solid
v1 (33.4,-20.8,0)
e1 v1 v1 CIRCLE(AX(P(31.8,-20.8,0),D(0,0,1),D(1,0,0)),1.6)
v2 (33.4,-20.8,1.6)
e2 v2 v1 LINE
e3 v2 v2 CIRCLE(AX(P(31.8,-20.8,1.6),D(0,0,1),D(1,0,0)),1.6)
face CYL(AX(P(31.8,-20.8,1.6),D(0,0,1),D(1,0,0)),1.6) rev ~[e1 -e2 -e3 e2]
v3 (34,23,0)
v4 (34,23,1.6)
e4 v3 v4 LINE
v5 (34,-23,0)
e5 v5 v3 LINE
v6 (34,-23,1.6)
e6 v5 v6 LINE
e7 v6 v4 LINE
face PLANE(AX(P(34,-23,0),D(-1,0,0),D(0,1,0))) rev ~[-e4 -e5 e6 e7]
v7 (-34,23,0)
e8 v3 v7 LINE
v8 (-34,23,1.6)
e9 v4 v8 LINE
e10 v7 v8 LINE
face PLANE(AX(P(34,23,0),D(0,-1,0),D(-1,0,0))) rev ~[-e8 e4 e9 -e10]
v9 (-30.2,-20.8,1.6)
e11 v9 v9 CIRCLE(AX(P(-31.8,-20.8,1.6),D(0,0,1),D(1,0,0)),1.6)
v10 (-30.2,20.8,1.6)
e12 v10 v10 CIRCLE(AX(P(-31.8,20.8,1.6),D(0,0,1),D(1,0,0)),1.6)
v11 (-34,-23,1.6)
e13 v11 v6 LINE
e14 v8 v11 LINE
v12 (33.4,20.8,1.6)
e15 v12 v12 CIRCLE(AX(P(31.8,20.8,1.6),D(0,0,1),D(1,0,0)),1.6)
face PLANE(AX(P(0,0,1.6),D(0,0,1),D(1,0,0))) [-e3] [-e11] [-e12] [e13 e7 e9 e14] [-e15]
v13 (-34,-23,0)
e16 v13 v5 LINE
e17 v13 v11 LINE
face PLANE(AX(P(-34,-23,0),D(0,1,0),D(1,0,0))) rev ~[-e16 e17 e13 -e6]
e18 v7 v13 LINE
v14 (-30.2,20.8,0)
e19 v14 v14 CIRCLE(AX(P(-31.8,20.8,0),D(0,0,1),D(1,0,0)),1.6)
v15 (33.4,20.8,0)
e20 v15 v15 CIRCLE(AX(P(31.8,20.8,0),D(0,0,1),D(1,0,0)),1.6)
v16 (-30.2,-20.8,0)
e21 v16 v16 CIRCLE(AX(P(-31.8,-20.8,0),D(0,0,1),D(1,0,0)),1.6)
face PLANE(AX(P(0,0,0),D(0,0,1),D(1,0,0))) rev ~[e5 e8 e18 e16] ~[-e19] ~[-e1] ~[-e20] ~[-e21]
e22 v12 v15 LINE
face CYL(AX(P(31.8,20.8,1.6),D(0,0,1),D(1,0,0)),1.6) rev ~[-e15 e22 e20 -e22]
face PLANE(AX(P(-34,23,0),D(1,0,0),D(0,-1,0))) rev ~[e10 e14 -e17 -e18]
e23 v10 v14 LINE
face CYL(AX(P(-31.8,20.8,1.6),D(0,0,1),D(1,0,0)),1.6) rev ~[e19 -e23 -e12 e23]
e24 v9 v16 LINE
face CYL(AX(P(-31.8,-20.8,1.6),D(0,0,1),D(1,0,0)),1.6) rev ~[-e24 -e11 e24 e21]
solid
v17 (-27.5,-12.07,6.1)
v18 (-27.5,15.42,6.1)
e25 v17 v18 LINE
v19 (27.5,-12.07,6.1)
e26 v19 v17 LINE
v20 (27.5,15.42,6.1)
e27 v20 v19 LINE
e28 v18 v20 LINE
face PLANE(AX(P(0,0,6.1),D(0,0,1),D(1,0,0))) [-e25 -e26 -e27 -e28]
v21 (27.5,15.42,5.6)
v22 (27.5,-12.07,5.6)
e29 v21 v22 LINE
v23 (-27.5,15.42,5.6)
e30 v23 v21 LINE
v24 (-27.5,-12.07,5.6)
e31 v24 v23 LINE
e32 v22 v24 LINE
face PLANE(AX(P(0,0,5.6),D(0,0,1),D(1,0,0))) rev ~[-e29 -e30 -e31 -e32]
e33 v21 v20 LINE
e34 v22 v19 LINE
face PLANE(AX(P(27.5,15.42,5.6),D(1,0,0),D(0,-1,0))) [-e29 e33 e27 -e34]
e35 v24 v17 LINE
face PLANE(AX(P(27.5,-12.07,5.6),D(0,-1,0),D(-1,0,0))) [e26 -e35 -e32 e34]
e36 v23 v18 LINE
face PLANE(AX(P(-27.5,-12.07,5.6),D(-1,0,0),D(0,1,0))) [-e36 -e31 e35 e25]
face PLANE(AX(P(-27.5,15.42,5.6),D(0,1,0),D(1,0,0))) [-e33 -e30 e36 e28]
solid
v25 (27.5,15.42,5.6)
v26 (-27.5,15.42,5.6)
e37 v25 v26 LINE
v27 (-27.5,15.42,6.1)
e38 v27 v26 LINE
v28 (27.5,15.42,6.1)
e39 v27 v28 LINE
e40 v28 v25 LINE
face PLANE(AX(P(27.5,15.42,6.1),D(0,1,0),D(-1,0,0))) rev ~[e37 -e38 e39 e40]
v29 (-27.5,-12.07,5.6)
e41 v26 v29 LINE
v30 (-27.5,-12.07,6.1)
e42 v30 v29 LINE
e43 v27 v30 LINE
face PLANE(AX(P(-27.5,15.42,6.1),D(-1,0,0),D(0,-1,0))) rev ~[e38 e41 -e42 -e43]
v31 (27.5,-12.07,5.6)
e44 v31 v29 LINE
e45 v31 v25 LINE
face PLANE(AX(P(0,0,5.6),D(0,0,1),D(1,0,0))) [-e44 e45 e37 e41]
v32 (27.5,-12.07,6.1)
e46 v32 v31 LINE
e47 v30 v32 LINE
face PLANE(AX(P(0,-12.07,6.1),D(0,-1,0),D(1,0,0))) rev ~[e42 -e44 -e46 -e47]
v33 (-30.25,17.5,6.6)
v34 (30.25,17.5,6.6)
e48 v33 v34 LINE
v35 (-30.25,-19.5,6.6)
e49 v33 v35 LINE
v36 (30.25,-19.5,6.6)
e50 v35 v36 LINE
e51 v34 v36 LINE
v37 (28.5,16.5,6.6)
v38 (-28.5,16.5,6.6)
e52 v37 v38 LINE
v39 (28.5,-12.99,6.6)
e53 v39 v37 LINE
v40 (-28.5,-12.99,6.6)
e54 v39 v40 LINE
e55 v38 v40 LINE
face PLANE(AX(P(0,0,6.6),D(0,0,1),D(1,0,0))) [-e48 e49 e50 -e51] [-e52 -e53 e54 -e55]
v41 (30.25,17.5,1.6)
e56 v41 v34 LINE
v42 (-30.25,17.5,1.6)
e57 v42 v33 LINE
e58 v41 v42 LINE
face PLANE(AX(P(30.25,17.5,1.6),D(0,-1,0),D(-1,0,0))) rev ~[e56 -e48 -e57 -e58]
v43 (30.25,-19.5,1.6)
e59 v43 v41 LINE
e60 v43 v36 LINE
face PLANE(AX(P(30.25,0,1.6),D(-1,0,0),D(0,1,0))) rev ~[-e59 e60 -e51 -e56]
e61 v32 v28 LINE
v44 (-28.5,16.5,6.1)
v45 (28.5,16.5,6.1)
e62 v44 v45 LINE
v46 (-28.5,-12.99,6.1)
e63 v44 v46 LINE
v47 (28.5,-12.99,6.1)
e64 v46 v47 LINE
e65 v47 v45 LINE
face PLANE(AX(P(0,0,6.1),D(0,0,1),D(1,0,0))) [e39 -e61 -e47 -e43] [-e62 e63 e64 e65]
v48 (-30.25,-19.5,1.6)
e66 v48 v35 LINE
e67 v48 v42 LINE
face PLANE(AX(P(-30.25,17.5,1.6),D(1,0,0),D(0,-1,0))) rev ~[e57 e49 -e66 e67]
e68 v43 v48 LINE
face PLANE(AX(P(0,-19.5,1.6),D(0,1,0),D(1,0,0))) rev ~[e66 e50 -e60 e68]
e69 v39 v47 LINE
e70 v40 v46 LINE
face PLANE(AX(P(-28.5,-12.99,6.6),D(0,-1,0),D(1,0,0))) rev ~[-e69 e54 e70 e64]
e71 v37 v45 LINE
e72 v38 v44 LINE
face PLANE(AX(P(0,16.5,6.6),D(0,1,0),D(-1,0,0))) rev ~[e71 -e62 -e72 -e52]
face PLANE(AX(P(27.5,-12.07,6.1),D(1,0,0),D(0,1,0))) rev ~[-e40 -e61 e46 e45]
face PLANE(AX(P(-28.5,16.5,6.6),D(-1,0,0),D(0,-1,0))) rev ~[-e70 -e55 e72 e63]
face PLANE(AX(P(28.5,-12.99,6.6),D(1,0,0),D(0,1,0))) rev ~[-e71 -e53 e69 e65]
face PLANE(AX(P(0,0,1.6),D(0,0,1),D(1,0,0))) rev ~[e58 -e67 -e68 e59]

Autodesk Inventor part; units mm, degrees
ref_plane "YZ Plane" through (0, 0, 0) normal (1, 0, 0) x (0, 1, 0)
ref_plane "XZ Plane" through (0, 0, 0) normal (0, 1, 0) x (-1, 0, 0)
ref_plane "XY Plane" through (0, 0, 0) normal (0, 0, 1) x (1, 0, 0)
sketch "Sketch1" plane through (0, 0, 0) normal (0, 0, 1) x (1, 0, 0)
  line L0 (-34, -23) -> (34, -23)
  line L1 (34, -23) -> (34, 23)
  line L2 (34, 23) -> (-34, 23)
  line L3 (-34, 23) -> (-34, -23)
  line L4 (-34, -23) -> (34, 23) construction
  line L5 (34, -23) -> (-34, 23) construction
  point P0 (0, 0)
  dimension "d0" = 68
  dimension "d1" = 46
extrude "Extrusion1" add sketch "Sketch1" along normal blind 1.6
sketch "Sketch2" plane through (0, 0, 1.6) normal (0, 0, 1) x (1, 0, 0)
  line L0 (-47.6, 0) -> (47.6, 0) construction
  line L1 (0, -32.2) -> (0, 32.2) construction
  circle A0 centre (-31.8, 20.8) radius 1.6
  line L2 (34, 23) -> (-34, 23) construction
  line L3 (-34, 23) -> (-34, -23) construction
  circle A1 centre (31.8, 20.8) radius 1.6
  circle A2 centre (-31.8, -20.8) radius 1.6
  line L4 (34, -23) -> (-34, -23) construction
  circle A3 centre (31.8, -20.8) radius 1.6
  point P0 (0, 0)
  dimension "d4" = 3.2
  dimension "d5" = 0.6
  dimension "d6" = 0.6
extrude "Extrusion2" cut sketch "Sketch2" against normal through all
sketch "Sketch3" plane through (0, 0, 1.6) normal (0, 0, 1) x (1, 0, 0)
  line L0 (0, 32.2) -> (0, -32.2) projected
  line L1 (-30.25, -19.5) -> (30.25, -19.5)
  line L2 (30.25, -19.5) -> (30.25, 17.5)
  line L3 (30.25, 17.5) -> (-30.25, 17.5)
  line L4 (-30.25, 17.5) -> (-30.25, -19.5)
  line L5 (-30.25, -19.5) -> (30.25, 17.5) construction
  line L6 (30.25, -19.5) -> (-30.25, 17.5) construction
  line L7 (-47.6, 0) -> (47.6, 0) projected
  point P0 (0, -1)
  dimension "d9" = 37
  dimension "d10" = 60.5
  dimension "d25" = 1
extrude "Extrusion3" add sketch "Sketch3" along normal blind 5 separate body
sketch "Sketch4" plane through (0, 0, 6.6) normal (0, 0, 1) x (1, 0, 0)
  line L0 (0, -32.2) -> (0, 32.2) projected
  line L1 (-28.5, -12.99) -> (28.5, -12.99)
  line L2 (28.5, -12.99) -> (28.5, 16.5)
  line L3 (28.5, 16.5) -> (-28.5, 16.5)
  line L4 (-28.5, 16.5) -> (-28.5, -12.99)
  line L5 (-28.5, -12.99) -> (28.5, 16.5) construction
  line L6 (28.5, -12.99) -> (-28.5, 16.5) construction
  line L7 (30.25, 17.5) -> (-30.25, 17.5) projected
  point P0 (0, 0)
  point P1 (0, 1.755)
  dimension "d13" = 29.49
  dimension "d14" = 57
  dimension "d15" = 1
extrude "Extrusion4" cut sketch "Sketch4" against normal blind 0.5 bodies 2
sketch "Sketch5" plane through (0, 0, 6.1) normal (0, 0, 1) x (1, 0, 0)
  line L0 (0, 32.2) -> (0, -32.2) projected
  line L1 (-27.5, -12.07) -> (27.5, -12.07)
  line L2 (27.5, -12.07) -> (27.5, 15.42)
  line L3 (27.5, 15.42) -> (-27.5, 15.42)
  line L4 (-27.5, 15.42) -> (-27.5, -12.07)
  line L5 (-27.5, -12.07) -> (27.5, 15.42) construction
  line L6 (27.5, -12.07) -> (-27.5, 15.42) construction
  line L7 (30.25, 17.5) -> (-30.25, 17.5) projected
  point P0 (0, 0)
  point P1 (0, 1.675)
  dimension "d18" = 27.49
  dimension "d19" = 55
  dimension "d20" = 2.08
extrude "Extrusion5" cut sketch "Sketch5" against normal blind 0.5 bodies 2
sketch "Sketch6" plane through (0, 0, 5.6) normal (0, 0, 1) x (1, 0, 0)
  line L0 (27.5, -12.07) -> (-27.5, -12.07) projected
  line L1 (27.5, 15.42) -> (27.5, -12.07) projected
  line L2 (-27.5, 15.42) -> (27.5, 15.42) projected
  line L3 (-27.5, -12.07) -> (-27.5, 15.42) projected
  point P0 (0, 0)
extrude "Extrusion6" add sketch "Sketch6" along normal blind 0.5 separate body
sketch "Sketch7" plane through (0, 0, 6.6) normal (0, 0, 1) x (1, 0, 0)
  circle A0 centre (0, 0) radius 6.7082
sketch "Sketch8" plane through (0, 0, 6.6) normal (0, 0, 1) x (1, 0, 0)
  circle A0 centre (0, 0) radius 4.3726
  line L0 (0, 0) -> (0, -28)
equation "\"d6\" = d5"
properties part number "Adafruit_2675"
